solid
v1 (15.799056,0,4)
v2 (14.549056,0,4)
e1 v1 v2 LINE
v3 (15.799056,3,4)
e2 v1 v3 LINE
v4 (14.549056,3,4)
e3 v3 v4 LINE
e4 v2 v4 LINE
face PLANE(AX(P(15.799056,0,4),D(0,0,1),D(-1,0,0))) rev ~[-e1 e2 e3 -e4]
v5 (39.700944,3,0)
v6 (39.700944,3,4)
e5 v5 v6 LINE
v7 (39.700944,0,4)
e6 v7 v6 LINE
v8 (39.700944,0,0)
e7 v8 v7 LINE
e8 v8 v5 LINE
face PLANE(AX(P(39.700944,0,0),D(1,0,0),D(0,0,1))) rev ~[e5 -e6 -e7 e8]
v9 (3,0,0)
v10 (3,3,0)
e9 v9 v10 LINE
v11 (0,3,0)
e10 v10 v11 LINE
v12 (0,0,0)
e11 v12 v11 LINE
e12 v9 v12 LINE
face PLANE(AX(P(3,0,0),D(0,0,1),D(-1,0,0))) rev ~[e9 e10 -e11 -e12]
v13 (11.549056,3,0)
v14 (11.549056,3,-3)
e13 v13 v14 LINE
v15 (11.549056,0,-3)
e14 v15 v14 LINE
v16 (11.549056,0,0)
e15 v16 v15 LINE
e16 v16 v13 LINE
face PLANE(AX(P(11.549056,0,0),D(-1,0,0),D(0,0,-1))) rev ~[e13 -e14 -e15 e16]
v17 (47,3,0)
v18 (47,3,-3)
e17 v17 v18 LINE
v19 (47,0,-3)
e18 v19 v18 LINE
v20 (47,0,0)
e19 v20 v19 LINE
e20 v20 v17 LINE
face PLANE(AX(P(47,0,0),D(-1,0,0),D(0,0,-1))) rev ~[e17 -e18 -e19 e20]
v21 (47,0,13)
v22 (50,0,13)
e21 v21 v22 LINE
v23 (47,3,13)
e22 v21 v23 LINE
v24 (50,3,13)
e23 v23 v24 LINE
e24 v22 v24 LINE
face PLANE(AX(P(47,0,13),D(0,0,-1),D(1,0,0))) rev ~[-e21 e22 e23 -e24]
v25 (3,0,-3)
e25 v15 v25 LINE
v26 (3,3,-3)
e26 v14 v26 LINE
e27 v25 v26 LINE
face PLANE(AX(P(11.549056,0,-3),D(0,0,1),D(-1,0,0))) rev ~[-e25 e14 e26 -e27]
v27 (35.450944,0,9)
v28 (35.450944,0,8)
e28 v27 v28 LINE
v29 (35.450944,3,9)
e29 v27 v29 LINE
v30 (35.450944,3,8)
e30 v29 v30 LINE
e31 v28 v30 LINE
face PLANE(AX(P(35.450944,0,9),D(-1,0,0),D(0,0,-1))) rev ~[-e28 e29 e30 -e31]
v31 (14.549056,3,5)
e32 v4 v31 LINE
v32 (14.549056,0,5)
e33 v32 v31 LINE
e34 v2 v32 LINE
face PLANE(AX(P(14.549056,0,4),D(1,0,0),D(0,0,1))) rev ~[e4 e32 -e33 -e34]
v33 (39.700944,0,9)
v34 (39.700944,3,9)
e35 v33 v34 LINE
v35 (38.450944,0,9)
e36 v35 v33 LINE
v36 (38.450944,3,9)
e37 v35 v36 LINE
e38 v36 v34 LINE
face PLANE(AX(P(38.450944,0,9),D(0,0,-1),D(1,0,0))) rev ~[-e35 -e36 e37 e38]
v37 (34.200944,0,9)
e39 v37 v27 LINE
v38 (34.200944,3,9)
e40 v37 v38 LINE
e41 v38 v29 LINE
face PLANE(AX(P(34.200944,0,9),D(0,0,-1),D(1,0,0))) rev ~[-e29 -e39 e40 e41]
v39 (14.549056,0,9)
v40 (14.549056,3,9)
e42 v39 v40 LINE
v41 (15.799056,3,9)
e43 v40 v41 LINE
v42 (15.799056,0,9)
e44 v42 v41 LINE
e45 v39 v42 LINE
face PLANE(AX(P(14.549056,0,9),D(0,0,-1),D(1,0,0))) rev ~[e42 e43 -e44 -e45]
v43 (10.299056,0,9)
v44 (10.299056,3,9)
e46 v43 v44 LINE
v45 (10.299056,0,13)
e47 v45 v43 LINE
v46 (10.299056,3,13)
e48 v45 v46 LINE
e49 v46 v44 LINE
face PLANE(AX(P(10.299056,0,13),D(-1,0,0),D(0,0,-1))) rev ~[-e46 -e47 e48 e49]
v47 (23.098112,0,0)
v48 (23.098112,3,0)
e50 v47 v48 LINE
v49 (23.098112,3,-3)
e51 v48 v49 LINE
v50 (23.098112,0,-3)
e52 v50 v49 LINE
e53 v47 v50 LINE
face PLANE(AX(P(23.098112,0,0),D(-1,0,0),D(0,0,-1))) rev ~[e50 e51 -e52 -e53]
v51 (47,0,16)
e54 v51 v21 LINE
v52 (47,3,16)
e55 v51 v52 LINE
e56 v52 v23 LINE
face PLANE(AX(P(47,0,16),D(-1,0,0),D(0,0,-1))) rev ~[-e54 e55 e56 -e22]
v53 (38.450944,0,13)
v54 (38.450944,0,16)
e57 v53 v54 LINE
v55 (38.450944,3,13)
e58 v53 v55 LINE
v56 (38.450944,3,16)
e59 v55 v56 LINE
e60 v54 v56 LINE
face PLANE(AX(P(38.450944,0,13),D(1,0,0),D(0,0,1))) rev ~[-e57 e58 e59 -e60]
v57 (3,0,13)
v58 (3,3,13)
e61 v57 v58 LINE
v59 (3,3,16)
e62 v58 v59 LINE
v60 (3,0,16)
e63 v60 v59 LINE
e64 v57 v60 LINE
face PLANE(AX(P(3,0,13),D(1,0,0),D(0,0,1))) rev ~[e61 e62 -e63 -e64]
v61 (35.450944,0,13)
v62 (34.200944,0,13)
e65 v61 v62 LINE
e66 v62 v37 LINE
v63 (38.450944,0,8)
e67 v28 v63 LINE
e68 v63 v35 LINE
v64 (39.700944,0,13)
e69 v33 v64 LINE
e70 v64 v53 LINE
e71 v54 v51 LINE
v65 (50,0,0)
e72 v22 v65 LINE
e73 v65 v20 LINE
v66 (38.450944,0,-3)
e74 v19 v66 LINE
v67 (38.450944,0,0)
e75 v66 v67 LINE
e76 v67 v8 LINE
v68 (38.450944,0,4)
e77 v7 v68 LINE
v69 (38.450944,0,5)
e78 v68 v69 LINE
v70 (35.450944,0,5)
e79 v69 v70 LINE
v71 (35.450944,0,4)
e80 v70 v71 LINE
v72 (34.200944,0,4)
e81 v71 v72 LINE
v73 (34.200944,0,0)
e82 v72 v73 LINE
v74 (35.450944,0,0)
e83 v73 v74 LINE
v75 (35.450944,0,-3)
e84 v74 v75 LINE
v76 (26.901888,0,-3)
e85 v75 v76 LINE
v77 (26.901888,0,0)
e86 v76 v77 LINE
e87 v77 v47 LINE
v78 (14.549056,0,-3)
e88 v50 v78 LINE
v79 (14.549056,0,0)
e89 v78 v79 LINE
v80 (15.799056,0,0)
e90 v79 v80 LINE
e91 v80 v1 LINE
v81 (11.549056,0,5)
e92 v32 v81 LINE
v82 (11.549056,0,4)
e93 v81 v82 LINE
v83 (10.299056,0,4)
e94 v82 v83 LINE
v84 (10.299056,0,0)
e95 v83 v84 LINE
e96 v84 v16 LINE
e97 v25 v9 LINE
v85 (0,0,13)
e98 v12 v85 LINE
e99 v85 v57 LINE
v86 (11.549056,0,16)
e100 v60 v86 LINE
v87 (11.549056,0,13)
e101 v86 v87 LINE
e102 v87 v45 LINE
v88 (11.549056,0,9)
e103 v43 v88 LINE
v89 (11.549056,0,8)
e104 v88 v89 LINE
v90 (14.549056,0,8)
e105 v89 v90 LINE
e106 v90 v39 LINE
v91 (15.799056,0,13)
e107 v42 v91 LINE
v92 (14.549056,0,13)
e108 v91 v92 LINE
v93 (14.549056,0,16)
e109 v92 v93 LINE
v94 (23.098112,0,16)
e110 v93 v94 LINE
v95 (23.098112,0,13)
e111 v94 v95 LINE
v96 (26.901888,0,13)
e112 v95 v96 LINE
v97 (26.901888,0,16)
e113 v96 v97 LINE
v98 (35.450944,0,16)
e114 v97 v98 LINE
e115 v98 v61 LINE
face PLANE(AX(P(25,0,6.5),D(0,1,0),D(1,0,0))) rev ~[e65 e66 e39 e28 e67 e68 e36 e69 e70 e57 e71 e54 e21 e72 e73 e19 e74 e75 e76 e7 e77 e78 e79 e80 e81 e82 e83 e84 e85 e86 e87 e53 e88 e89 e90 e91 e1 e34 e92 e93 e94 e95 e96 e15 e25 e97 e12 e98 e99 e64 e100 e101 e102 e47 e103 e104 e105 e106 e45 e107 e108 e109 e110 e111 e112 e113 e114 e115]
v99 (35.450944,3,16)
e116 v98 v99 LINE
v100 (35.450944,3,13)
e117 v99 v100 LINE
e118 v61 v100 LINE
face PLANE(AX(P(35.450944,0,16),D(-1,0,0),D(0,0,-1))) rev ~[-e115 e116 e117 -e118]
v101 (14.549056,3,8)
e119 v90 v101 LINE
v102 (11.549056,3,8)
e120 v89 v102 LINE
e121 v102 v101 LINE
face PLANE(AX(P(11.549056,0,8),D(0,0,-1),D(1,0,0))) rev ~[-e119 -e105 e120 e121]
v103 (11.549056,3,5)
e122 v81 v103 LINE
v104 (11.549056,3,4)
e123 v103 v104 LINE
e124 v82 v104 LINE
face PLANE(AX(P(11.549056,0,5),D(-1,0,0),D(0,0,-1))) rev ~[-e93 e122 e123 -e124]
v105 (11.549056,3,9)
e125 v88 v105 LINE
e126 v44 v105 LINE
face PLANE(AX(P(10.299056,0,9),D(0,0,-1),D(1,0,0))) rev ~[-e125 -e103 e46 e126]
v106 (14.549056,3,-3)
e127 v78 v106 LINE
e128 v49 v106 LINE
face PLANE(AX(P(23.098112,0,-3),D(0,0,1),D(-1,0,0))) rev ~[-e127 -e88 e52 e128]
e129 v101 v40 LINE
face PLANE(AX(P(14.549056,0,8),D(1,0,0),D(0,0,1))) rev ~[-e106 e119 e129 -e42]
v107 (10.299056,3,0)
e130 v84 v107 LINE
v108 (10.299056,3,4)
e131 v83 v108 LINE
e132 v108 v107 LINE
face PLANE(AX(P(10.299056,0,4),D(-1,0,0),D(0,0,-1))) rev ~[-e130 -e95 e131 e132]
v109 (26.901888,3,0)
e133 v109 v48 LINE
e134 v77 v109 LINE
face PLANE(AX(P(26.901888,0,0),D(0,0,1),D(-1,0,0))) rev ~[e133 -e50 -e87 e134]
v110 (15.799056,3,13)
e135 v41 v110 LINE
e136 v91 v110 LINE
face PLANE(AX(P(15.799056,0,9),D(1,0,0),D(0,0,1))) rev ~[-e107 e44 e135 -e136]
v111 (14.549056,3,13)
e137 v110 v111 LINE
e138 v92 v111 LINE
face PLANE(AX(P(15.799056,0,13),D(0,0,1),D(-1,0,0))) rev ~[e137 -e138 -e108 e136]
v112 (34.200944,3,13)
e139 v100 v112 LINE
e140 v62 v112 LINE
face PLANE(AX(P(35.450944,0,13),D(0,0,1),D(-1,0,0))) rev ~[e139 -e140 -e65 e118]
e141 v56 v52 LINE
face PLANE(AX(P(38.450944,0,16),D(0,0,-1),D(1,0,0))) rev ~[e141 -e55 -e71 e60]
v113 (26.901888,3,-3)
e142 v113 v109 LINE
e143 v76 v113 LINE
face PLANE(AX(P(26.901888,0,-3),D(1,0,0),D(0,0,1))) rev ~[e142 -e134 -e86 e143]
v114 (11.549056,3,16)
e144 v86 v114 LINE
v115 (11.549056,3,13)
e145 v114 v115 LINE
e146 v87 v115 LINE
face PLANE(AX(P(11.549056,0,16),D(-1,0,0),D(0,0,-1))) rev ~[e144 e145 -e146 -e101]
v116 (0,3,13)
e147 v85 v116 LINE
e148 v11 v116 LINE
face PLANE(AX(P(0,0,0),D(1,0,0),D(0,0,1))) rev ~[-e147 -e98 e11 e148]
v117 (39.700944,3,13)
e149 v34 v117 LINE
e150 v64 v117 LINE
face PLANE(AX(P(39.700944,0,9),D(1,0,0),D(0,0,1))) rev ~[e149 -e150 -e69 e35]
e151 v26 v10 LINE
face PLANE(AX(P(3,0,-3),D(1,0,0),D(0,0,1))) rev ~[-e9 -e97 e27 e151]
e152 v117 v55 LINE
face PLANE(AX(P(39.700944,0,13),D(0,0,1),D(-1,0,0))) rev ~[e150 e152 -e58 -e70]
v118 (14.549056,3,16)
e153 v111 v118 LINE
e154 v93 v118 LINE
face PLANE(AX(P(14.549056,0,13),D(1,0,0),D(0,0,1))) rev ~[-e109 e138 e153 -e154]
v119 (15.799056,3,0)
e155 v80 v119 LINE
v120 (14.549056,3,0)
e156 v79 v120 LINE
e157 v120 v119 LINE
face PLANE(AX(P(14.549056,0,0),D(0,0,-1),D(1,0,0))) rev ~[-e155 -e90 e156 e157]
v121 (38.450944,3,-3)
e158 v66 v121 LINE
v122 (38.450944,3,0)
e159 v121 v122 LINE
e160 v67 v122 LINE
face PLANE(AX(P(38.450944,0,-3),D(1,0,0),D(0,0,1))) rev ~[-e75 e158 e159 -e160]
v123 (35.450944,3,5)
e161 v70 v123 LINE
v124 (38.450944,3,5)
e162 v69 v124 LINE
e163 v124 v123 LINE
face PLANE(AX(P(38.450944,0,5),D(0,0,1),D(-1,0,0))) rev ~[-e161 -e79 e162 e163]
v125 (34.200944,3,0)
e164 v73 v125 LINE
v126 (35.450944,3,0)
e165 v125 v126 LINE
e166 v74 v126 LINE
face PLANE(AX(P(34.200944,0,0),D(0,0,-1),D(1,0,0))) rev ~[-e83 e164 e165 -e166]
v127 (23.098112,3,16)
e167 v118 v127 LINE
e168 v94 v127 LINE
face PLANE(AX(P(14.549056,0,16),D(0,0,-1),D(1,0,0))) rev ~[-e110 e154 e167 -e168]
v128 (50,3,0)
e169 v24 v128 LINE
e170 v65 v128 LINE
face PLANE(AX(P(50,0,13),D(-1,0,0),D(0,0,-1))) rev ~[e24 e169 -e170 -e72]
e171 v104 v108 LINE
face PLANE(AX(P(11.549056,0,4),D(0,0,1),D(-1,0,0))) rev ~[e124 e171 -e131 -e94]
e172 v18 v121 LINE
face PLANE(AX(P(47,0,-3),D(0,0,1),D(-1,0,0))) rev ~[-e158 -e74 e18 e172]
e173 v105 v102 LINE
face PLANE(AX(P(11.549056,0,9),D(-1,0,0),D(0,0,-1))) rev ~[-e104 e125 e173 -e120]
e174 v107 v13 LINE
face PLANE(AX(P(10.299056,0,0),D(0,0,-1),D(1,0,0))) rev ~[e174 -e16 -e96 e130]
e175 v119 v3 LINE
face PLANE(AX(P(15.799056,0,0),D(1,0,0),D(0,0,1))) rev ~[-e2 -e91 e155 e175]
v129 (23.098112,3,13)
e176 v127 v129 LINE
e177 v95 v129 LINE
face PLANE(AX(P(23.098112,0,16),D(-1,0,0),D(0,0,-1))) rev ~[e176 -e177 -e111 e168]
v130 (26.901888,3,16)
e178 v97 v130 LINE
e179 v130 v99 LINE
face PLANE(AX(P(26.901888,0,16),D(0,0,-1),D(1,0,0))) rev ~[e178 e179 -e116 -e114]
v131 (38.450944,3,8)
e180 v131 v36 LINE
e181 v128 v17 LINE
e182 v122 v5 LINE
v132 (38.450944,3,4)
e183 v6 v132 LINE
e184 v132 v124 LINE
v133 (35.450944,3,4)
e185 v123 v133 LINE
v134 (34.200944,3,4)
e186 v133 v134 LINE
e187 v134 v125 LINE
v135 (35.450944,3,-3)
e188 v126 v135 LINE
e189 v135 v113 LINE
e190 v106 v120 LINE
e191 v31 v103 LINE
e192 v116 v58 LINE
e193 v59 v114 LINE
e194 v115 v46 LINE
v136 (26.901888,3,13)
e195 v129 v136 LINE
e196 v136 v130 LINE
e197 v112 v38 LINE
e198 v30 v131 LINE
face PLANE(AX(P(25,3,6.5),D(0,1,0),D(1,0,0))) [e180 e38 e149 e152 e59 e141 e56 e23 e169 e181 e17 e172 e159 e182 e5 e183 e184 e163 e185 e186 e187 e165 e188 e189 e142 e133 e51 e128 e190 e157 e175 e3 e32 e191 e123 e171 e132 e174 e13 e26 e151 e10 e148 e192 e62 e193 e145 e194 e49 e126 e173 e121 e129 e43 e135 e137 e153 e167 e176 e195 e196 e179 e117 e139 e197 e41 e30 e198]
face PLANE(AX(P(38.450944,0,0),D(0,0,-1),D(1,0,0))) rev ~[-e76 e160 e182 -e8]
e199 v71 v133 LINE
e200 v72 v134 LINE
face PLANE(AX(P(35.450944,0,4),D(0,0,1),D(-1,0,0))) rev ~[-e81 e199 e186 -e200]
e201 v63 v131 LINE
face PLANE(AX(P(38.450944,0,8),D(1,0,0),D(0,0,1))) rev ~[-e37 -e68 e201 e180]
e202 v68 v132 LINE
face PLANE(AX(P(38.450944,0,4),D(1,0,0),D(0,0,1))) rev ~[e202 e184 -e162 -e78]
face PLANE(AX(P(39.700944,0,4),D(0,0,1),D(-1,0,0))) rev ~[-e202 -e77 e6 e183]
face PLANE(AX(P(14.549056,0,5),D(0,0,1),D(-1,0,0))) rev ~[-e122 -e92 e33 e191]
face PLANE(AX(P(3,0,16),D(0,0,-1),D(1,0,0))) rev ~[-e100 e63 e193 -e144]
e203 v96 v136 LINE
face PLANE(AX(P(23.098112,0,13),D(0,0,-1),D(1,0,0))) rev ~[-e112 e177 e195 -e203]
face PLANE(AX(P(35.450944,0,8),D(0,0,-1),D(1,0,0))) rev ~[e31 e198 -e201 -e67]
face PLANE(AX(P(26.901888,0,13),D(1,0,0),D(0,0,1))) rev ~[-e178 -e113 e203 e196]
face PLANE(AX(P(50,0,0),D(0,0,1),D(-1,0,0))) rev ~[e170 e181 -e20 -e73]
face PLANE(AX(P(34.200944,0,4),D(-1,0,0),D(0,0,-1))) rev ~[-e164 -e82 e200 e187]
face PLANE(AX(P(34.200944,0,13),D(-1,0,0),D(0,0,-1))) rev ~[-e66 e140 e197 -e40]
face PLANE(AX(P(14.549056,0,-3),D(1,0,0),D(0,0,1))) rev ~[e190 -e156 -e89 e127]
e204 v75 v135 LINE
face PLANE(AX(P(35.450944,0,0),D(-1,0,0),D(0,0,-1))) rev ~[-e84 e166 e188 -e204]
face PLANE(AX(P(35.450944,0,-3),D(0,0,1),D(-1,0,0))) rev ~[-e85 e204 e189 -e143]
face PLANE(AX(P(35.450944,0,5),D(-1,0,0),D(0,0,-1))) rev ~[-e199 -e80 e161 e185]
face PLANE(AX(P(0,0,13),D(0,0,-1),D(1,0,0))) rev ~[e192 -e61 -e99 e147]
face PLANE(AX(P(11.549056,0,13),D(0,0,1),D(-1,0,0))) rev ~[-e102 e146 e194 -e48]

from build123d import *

# Parameters (mm, degrees)
EXTRUDE_1_DEPTH = 3


with BuildPart() as part:
    # 草图1 → 凸台-拉伸1 (new body)
    with BuildSketch(Plane(origin=(0, 0, 0), x_dir=(1, 0, 0), z_dir=(0, 1, 0))):
        Polygon((15.799055804, 0), (15.799055804, -4), (14.549055804, -4), (14.549055804, -5), (11.549055804, -5), (11.549055804, -4), (10.299055804, -4), (10.299055804, 0), (11.549055804, 0), (11.549055804, 3), (3, 3), (3, 0), (0, 0), (0, -13), (3, -13), (3, -16), (11.549055804, -16), (11.549055804, -13), (10.299055804, -13), (10.299055804, -9), (11.549055804, -9), (11.549055804, -8), (14.549055804, -8), (14.549055804, -9), (15.799055804, -9), (15.799055804, -13), (14.549055804, -13), (14.549055804, -16), (23.098111609, -16), (23.098111609, -13), (26.901888391, -13), (26.901888391, -16), (35.450944196, -16), (35.450944196, -13), (34.200944196, -13), (34.200944196, -9), (35.450944196, -9), (35.450944196, -8), (38.450944196, -8), (38.450944196, -9), (39.700944196, -9), (39.700944196, -13), (38.450944196, -13), (38.450944196, -16), (47, -16), (47, -13), (50, -13), (50, 0), (47, 0), (47, 3), (38.450944196, 3), (38.450944196, 0), (39.700944196, 0), (39.700944196, -4), (38.450944196, -4), (38.450944196, -5), (35.450944196, -5), (35.450944196, -4), (34.200944196, -4), (34.200944196, 0), (35.450944196, 0), (35.450944196, 3), (26.901888391, 3), (26.901888391, 0), (23.098111609, 0), (23.098111609, 3), (14.549055804, 3), (14.549055804, 0), align=None)
    extrude(amount=EXTRUDE_1_DEPTH)


solid = part.part
